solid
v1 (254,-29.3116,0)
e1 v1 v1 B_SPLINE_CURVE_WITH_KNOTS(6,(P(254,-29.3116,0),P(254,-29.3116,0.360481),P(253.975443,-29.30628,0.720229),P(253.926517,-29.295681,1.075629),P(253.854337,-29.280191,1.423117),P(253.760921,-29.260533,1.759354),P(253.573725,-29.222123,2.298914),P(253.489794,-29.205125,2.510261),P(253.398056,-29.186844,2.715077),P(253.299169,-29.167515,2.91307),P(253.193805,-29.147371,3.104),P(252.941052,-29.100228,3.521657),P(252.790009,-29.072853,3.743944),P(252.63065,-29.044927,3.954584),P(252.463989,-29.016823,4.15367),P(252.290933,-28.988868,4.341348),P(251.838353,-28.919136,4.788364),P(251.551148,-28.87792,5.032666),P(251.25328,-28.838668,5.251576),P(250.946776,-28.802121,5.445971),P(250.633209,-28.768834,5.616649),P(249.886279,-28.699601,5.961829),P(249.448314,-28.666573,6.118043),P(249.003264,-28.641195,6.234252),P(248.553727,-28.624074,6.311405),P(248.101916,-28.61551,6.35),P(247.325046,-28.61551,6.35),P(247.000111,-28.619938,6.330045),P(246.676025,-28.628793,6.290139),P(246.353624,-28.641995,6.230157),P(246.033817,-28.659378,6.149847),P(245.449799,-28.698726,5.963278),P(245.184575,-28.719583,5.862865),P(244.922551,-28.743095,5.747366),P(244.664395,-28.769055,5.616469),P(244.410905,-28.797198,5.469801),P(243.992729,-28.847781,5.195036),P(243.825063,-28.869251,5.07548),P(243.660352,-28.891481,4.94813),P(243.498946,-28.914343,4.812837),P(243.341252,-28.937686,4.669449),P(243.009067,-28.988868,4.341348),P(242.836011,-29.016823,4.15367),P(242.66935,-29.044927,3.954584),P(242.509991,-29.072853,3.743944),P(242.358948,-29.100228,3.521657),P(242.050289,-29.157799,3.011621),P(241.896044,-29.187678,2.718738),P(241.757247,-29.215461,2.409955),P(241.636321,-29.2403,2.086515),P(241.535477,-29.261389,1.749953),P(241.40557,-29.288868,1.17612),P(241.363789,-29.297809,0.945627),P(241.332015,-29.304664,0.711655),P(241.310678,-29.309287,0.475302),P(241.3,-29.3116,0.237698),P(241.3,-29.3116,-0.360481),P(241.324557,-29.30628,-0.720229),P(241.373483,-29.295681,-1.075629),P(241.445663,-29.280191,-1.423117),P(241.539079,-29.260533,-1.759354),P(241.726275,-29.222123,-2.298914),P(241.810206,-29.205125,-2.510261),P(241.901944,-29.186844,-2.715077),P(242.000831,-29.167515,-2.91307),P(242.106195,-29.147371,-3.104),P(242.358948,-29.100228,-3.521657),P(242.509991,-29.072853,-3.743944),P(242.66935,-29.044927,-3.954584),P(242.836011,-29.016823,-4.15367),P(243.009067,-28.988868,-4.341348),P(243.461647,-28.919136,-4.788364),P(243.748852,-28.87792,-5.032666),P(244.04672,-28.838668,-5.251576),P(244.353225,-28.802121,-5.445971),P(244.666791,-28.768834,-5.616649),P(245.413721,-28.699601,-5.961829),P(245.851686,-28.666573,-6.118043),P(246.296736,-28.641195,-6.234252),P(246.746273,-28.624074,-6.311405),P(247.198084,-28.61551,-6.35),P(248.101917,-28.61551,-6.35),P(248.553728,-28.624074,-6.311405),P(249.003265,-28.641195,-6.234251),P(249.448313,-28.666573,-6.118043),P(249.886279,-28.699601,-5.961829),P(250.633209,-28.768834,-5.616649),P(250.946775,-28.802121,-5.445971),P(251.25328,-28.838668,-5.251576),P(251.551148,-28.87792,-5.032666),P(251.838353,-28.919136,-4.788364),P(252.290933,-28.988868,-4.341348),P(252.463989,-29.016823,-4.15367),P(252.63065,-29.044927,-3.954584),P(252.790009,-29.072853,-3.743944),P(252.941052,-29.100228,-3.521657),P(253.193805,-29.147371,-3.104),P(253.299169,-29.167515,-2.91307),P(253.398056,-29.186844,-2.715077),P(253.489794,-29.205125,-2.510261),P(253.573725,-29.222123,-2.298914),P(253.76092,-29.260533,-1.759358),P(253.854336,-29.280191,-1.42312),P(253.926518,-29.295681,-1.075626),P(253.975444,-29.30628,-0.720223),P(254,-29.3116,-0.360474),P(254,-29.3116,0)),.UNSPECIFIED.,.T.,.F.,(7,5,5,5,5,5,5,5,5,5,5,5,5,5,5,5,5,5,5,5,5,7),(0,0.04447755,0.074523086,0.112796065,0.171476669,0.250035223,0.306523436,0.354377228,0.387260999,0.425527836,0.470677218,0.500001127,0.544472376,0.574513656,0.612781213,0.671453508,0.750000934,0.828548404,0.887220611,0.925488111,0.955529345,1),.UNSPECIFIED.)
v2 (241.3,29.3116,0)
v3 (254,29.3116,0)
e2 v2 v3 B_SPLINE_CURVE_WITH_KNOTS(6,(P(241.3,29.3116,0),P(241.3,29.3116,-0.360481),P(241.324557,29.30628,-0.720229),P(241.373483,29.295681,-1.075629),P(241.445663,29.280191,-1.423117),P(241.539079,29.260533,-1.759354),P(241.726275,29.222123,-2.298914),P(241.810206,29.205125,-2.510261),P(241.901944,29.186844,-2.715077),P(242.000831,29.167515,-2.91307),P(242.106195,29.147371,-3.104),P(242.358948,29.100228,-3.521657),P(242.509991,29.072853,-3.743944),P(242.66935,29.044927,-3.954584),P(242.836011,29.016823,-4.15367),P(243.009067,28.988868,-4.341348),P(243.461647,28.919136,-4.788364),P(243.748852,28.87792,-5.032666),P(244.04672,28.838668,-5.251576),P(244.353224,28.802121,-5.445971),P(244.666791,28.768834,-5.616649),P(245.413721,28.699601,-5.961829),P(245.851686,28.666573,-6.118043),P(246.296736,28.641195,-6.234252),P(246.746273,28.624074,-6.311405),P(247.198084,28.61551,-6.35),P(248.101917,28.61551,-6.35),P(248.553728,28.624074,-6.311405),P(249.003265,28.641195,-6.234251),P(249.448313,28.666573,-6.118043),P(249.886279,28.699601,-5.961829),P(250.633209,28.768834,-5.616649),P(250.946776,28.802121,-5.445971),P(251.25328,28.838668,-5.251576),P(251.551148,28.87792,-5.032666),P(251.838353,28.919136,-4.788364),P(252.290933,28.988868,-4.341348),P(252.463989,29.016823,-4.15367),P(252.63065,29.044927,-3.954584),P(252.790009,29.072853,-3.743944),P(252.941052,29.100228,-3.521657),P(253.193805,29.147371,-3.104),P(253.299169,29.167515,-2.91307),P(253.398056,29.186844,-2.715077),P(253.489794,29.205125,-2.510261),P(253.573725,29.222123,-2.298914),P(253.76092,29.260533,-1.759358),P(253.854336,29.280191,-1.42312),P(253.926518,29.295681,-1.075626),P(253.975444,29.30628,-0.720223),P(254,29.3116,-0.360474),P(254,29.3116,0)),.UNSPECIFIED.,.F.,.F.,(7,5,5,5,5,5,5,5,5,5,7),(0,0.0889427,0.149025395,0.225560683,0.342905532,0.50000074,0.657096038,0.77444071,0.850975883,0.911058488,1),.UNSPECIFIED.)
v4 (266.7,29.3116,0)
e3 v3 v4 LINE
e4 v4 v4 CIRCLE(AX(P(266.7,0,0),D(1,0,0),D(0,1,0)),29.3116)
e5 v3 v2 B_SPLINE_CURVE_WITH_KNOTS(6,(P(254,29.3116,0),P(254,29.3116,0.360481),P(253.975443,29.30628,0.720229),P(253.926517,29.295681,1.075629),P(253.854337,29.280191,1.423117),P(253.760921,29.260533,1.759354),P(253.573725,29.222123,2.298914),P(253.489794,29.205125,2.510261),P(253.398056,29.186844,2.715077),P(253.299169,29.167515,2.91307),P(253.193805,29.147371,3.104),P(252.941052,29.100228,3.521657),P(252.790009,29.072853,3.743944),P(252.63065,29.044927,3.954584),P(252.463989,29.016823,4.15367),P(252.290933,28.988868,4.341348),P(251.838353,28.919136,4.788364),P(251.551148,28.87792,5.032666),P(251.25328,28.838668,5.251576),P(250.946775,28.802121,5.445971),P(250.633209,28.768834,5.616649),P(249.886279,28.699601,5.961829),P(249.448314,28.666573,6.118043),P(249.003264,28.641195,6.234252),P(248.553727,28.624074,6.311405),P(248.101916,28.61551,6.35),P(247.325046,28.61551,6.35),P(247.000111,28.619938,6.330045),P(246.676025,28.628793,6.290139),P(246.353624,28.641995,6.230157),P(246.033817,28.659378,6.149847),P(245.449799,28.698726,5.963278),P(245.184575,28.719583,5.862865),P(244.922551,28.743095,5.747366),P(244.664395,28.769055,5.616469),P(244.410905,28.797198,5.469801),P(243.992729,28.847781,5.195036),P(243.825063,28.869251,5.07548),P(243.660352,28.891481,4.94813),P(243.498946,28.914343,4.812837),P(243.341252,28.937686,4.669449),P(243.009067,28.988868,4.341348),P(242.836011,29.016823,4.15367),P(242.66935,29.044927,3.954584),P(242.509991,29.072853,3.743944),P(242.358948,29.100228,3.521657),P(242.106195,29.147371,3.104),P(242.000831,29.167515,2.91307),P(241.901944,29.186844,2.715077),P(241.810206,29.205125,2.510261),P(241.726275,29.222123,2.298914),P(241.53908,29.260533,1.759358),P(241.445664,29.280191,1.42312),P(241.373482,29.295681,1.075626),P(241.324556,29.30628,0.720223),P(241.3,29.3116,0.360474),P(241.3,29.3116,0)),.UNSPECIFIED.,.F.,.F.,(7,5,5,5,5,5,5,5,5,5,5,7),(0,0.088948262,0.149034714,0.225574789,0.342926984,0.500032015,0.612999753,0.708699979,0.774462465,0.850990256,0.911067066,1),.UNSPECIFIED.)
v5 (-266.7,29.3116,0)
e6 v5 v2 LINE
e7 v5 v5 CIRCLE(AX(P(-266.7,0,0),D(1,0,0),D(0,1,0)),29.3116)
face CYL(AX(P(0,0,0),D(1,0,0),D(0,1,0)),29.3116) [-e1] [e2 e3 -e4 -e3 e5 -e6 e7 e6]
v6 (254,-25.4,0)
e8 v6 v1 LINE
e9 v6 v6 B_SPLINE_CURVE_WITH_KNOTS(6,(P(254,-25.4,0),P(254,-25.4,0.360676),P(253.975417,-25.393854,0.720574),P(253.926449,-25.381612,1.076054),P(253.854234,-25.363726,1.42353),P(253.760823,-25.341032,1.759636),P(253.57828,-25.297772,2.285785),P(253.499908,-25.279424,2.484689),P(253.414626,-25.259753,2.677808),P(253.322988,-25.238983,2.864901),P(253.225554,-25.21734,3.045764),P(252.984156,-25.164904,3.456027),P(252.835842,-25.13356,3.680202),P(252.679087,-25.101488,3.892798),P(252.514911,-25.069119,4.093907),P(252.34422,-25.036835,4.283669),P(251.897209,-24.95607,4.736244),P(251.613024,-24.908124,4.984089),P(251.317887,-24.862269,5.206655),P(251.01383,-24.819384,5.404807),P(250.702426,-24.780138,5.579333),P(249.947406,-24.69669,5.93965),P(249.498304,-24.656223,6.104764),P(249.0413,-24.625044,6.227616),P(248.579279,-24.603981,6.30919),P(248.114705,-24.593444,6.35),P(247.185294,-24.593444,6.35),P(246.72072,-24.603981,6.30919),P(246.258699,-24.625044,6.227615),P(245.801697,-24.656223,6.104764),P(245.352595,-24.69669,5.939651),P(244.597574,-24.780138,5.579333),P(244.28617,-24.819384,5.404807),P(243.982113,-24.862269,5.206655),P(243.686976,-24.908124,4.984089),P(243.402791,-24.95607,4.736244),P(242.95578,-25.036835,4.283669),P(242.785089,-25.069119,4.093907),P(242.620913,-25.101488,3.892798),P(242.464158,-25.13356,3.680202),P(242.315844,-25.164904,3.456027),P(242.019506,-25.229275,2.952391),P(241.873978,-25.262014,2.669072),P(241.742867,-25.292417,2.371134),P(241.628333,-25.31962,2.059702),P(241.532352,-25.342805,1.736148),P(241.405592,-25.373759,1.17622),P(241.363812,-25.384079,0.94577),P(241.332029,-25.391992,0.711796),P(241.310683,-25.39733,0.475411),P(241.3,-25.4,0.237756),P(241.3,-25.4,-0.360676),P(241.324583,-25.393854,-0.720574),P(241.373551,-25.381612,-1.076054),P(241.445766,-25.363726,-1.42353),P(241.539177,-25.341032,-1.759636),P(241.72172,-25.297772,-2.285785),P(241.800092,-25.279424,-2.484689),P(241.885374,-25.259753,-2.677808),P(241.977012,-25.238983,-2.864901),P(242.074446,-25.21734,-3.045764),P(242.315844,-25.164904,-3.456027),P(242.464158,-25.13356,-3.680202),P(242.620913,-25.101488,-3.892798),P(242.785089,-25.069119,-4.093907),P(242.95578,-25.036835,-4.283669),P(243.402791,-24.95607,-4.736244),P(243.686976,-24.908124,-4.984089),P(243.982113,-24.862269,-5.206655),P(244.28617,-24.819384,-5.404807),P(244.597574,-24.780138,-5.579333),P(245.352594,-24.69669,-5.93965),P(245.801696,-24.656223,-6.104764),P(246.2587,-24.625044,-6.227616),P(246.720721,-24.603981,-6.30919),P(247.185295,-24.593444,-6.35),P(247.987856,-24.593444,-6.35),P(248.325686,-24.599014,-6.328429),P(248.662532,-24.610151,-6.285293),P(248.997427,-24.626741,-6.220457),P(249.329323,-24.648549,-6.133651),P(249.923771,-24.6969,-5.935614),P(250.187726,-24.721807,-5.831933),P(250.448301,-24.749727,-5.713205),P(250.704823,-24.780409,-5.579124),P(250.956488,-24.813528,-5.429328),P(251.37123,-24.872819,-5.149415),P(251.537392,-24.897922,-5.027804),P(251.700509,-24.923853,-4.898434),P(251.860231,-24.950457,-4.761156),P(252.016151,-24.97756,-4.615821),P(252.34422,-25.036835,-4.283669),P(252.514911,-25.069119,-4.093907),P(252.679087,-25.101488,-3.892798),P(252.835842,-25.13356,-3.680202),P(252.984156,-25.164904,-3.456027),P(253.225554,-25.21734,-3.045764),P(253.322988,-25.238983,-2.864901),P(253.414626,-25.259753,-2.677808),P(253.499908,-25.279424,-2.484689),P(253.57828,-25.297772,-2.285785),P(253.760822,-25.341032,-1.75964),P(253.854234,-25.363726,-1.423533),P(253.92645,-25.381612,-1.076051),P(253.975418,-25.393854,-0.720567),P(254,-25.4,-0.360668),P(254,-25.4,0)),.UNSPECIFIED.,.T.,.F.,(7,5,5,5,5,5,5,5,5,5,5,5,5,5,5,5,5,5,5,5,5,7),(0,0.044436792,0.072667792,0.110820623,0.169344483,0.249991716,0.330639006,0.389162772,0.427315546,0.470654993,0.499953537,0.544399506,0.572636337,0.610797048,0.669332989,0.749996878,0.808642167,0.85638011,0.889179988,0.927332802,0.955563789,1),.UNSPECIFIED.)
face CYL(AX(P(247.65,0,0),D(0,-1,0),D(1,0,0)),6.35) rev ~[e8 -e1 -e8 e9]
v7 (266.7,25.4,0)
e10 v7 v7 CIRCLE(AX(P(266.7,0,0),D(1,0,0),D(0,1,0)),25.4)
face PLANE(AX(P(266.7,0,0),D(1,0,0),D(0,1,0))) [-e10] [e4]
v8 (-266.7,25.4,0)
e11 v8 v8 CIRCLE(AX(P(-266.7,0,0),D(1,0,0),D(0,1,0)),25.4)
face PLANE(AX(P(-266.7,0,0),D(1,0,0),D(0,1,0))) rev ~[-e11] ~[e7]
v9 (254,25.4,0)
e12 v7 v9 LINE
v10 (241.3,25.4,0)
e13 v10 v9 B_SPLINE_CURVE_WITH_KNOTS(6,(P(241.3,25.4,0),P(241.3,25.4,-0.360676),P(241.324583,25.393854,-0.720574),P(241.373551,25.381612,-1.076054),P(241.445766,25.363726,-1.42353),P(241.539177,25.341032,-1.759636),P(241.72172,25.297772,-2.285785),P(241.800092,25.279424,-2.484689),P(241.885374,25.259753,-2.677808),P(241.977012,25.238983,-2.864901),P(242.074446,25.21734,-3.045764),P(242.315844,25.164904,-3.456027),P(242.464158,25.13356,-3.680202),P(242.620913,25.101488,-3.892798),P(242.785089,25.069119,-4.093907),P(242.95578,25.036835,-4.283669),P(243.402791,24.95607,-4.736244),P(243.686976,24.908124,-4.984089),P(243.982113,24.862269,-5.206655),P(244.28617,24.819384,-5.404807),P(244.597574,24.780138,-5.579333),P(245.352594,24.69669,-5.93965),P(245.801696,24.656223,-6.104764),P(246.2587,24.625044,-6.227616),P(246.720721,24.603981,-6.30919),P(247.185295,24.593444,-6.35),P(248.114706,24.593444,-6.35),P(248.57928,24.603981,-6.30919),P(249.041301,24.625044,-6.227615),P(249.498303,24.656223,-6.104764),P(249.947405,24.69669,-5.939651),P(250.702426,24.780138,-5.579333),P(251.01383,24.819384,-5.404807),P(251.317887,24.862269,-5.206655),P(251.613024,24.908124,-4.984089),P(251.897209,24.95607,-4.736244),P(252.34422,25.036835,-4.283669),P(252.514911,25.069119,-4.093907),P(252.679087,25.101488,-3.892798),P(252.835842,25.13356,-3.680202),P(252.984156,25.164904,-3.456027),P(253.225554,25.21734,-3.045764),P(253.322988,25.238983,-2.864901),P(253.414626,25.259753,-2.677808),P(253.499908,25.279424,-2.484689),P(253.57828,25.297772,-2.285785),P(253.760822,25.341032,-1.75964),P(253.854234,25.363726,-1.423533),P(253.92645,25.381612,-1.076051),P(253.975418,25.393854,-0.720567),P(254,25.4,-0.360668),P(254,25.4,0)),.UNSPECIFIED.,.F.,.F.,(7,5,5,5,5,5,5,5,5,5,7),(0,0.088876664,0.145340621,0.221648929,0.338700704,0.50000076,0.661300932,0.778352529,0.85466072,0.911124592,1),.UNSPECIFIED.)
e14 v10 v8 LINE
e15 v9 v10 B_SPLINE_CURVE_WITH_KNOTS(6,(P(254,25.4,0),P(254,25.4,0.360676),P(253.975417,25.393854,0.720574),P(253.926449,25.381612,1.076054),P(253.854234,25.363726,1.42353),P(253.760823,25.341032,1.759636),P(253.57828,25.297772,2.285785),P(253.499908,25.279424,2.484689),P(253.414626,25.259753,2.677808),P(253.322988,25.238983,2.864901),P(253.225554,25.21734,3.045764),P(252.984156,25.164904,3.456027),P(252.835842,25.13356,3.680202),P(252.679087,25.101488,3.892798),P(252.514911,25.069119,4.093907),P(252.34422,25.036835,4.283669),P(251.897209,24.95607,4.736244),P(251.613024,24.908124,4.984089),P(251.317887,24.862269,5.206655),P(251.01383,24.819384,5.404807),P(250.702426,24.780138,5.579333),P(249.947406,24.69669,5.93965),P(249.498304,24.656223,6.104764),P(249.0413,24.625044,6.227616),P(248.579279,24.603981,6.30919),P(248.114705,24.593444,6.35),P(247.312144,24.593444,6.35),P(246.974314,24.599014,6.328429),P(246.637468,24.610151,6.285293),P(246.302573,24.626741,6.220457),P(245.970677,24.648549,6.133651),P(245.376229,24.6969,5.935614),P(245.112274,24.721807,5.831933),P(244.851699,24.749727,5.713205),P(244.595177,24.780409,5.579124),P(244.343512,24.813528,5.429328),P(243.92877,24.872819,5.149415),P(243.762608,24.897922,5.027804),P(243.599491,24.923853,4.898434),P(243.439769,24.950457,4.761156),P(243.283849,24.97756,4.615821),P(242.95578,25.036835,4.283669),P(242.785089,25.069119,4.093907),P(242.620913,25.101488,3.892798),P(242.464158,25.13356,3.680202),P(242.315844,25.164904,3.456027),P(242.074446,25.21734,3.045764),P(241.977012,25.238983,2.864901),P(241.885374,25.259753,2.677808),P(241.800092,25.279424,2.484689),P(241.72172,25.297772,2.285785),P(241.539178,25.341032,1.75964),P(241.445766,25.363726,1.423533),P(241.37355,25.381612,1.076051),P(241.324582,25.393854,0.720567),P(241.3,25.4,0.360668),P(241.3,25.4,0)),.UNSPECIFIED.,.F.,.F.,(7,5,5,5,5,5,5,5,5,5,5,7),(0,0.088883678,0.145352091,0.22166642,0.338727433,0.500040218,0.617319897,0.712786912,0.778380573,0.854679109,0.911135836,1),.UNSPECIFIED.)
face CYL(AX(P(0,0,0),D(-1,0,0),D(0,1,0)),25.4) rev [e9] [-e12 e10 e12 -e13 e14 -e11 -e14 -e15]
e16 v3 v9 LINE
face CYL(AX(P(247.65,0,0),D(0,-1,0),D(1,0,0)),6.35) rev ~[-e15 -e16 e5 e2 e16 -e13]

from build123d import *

# Parameters (mm, degrees)
F0_R     = 29.3116
F0_R_2   = 25.4
F1_DEPTH = 266.7
F2_R     = 6.35
F3_DEPTH = 38.1


with BuildPart() as f1:
    # F0 (on Right) → F1 (new body, symmetric)
    with BuildSketch(Plane.YZ):
        Circle(F0_R)
        Circle(F0_R_2, mode=Mode.SUBTRACT)
    extrude(amount=F1_DEPTH, both=True)

    # F2 (on Front) → F3 (cut, symmetric)
    with BuildSketch(Plane.XZ):
        with Locations((247.65, 0)):
            Circle(F2_R)
    extrude(amount=F3_DEPTH, both=True, mode=Mode.SUBTRACT)


solid = f1.part
